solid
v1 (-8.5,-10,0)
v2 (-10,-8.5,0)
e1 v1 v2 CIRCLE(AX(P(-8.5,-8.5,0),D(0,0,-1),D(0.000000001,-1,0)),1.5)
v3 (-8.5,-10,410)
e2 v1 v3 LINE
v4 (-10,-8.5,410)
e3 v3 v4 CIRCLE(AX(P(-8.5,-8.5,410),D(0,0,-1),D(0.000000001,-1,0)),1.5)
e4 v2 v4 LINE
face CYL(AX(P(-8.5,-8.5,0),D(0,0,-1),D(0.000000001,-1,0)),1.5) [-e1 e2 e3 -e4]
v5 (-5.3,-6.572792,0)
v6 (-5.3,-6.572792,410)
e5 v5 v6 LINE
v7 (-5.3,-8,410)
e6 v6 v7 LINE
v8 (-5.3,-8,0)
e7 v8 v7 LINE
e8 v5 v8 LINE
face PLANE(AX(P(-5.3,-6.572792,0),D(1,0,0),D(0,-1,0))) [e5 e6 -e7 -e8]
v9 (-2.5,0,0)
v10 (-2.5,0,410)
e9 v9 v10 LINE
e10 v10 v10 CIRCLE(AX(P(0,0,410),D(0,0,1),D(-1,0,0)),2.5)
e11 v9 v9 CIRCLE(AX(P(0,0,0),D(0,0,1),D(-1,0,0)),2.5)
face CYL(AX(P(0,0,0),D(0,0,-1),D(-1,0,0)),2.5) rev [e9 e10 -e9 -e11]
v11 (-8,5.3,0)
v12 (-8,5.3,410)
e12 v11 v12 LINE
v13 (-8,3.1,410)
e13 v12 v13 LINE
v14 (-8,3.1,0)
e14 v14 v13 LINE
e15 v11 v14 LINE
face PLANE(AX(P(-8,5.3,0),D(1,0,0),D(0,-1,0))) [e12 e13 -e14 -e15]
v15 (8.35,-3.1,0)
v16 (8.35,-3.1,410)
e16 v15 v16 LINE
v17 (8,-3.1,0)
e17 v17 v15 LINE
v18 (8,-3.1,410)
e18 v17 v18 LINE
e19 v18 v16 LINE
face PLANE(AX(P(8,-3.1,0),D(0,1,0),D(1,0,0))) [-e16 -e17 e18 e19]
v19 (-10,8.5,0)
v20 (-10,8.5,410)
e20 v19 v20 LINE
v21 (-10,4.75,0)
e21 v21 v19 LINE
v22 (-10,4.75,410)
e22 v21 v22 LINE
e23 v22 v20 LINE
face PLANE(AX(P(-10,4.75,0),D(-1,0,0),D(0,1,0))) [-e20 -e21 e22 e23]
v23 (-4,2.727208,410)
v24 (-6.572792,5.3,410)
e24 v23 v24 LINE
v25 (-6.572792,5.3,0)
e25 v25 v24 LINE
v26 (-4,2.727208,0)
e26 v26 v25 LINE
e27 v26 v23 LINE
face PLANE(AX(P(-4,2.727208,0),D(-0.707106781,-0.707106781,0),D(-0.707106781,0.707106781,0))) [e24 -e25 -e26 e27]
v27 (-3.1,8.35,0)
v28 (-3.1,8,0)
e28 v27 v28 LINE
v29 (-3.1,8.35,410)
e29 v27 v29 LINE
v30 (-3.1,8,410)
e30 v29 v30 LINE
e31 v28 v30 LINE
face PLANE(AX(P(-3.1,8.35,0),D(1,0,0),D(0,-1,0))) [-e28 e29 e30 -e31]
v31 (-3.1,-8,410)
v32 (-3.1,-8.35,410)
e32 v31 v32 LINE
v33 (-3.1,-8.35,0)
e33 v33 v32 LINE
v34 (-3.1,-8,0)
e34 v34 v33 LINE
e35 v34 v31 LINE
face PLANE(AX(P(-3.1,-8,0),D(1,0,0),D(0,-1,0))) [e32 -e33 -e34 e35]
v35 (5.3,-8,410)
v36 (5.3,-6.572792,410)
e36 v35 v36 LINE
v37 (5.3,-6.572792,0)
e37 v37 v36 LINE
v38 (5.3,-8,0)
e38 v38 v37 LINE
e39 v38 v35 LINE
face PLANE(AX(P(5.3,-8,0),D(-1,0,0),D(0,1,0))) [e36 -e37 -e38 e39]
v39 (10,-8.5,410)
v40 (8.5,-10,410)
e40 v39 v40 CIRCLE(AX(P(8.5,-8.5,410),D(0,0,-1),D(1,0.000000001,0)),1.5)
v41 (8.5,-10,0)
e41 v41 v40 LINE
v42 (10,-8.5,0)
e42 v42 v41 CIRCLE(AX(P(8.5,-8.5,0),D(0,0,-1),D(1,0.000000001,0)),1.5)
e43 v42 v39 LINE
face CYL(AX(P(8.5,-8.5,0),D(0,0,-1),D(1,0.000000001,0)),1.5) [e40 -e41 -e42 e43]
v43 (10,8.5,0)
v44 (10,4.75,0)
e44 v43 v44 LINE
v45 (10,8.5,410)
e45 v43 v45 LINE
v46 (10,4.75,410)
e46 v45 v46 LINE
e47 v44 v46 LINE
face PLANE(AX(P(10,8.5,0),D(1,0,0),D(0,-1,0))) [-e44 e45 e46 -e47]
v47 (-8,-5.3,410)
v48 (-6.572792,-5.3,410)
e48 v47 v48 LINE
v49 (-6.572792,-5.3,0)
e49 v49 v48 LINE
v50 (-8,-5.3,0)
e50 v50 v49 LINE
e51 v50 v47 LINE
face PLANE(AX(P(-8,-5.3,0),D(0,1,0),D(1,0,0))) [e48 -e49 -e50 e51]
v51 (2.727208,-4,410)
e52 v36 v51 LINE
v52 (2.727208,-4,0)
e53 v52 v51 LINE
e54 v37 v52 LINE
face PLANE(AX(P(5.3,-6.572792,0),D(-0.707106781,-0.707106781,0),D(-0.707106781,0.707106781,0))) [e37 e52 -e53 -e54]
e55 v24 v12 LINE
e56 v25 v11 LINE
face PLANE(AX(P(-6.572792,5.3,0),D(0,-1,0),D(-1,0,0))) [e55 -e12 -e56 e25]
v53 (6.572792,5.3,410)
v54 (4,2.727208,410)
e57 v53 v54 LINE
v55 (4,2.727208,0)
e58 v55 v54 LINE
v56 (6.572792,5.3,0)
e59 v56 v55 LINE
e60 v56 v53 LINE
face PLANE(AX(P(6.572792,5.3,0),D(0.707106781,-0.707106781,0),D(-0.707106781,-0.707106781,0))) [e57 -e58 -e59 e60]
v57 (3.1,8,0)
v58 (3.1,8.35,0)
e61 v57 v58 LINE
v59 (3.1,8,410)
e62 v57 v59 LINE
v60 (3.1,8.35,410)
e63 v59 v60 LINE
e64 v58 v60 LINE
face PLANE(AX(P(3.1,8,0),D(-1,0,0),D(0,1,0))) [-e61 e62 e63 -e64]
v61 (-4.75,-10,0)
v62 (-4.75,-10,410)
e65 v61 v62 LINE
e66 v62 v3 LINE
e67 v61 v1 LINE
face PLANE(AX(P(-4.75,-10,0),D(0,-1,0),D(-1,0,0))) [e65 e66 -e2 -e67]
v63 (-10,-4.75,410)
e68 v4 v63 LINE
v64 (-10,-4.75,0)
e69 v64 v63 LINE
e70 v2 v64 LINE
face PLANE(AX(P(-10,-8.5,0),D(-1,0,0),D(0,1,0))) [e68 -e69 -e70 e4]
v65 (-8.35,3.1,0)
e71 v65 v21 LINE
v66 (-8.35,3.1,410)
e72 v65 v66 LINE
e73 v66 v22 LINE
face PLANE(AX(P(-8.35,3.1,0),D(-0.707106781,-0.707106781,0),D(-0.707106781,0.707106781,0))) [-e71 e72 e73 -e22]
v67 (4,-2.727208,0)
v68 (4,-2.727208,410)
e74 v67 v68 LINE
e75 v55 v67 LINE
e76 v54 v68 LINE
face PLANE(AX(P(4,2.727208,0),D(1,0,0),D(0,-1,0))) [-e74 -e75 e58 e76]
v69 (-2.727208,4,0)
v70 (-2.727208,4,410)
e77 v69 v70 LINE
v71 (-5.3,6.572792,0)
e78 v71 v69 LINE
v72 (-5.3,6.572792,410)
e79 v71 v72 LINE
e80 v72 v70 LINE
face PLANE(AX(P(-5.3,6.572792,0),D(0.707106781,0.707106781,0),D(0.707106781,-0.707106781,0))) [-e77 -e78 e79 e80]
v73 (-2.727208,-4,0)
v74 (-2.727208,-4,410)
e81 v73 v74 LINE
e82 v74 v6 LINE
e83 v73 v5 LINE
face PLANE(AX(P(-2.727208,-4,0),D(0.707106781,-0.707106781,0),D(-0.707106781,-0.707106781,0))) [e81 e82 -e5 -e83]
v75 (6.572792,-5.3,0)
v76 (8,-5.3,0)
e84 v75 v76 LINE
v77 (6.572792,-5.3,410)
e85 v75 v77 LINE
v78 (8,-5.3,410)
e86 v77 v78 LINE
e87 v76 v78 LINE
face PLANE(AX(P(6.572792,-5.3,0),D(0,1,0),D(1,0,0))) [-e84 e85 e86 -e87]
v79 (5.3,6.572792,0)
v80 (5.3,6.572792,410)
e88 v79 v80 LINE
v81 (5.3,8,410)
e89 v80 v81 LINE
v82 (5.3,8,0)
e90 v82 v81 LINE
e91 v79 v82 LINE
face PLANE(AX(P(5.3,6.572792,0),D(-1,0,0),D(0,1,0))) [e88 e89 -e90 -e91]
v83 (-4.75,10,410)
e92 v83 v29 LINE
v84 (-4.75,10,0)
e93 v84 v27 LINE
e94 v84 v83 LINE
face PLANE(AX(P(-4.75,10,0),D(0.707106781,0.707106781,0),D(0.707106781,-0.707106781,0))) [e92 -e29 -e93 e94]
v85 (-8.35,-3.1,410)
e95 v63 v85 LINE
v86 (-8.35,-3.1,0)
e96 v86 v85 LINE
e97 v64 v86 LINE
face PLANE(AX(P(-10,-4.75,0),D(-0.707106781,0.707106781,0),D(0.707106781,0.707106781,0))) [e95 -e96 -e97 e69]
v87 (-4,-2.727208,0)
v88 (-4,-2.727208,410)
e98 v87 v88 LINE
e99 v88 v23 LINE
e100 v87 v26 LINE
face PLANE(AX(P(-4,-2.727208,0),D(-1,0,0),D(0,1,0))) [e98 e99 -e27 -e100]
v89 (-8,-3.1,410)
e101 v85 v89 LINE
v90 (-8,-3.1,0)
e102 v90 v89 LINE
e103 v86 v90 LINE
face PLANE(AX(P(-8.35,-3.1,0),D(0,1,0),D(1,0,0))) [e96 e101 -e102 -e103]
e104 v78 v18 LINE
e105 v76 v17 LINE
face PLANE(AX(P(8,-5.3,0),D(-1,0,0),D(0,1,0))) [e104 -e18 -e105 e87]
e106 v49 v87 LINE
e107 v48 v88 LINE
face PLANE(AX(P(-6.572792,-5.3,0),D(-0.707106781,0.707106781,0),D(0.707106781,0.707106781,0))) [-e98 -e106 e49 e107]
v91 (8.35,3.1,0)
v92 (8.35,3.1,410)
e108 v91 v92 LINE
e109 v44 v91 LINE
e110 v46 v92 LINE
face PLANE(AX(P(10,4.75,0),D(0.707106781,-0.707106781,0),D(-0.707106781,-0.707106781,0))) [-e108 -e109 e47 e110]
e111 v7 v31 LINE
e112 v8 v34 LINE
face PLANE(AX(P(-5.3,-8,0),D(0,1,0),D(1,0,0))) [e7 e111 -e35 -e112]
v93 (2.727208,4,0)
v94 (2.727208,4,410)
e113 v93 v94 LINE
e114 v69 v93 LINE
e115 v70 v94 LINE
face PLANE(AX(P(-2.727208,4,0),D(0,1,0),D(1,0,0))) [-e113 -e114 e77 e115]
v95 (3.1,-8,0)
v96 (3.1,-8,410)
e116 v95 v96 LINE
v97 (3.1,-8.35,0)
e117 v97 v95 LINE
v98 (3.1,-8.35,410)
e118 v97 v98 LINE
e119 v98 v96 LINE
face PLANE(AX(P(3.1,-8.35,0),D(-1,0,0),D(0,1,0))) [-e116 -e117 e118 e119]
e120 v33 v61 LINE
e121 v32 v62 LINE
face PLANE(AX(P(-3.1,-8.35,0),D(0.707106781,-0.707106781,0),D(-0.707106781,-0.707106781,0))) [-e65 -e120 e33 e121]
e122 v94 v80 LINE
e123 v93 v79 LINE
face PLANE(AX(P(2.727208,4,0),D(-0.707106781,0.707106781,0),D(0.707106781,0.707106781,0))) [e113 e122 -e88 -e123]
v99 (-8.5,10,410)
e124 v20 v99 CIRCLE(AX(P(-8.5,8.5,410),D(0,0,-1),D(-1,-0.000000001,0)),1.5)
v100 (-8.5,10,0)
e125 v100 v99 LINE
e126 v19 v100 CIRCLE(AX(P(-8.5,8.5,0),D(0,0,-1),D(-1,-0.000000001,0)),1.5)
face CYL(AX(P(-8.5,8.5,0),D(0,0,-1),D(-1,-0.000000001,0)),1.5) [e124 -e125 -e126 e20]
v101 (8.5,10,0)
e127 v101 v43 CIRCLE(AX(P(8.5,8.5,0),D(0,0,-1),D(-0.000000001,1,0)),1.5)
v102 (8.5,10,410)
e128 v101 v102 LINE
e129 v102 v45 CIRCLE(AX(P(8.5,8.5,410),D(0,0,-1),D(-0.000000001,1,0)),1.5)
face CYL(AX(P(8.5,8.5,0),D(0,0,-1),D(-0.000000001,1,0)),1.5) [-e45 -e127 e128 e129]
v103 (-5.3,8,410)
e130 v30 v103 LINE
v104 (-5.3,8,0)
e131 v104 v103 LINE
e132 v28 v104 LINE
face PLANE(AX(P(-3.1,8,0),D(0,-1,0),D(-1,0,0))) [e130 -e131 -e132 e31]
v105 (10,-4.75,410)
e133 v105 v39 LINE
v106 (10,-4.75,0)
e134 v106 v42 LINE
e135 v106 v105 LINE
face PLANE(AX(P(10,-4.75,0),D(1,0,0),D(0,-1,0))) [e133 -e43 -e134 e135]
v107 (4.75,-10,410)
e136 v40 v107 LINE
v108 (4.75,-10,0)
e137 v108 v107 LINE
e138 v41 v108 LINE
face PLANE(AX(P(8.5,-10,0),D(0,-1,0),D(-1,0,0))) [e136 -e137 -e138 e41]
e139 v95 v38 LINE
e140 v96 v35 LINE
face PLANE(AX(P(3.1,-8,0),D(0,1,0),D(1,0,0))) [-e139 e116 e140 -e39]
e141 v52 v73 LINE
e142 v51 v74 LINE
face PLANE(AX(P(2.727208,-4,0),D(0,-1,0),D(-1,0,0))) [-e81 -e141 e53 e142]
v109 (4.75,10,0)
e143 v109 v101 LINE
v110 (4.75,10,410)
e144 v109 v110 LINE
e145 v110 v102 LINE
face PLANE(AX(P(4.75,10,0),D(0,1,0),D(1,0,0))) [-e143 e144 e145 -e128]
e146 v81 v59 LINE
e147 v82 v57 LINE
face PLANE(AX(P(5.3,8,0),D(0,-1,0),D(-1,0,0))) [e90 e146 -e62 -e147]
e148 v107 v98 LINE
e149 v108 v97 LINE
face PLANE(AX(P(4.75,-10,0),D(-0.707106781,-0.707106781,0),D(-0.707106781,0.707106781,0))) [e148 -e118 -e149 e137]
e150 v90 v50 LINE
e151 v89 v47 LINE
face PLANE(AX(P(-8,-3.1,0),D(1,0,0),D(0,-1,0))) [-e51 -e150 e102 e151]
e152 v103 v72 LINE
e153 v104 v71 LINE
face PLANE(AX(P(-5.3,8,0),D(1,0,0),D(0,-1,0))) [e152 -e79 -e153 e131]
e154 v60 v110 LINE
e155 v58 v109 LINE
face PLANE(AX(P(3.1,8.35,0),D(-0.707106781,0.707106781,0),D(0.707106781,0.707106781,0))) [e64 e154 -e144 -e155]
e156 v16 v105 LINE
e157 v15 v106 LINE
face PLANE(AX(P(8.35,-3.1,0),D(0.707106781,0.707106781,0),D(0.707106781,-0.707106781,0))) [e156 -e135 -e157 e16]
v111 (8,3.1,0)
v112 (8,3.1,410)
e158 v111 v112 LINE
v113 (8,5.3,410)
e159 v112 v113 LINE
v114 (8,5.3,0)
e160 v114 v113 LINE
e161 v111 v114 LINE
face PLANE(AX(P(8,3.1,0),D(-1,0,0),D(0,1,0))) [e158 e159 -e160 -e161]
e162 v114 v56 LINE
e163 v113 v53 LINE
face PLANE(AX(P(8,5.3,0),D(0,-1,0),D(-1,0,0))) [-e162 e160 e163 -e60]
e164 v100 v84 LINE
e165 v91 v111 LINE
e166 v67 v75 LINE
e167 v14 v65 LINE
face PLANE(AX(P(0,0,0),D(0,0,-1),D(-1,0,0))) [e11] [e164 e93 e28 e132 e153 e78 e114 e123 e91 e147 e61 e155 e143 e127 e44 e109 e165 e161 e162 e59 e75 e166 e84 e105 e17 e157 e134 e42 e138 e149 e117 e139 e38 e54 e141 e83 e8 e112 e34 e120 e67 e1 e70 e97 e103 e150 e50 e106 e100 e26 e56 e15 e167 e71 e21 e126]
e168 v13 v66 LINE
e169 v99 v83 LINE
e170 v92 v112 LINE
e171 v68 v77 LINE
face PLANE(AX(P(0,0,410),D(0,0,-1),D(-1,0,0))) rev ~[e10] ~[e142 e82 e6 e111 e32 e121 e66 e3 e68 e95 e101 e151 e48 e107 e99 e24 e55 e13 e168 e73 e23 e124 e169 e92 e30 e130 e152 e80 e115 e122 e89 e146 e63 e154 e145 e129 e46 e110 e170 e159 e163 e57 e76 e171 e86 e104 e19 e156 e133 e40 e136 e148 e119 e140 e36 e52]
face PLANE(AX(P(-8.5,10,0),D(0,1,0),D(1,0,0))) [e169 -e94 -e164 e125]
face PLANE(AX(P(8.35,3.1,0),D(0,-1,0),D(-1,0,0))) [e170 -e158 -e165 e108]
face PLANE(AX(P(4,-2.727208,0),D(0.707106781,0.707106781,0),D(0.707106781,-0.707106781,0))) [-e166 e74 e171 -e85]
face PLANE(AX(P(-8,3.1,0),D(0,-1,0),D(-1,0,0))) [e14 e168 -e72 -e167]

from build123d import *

# Parameters (mm, degrees)
SKETCH2_R           = 2.5
BOSS_EXTRUDE1_DEPTH = 410


with BuildPart() as part:
    # Sketch2 → Boss-Extrude1 (new body)
    with BuildSketch(Plane.XY):
        with BuildLine():
            Line((-4, -2.727207794), (-4, 2.727207794))
            Line((-4, 2.727207794), (-6.572792206, 5.3))
            Line((-6.572792206, 5.3), (-8, 5.3))
            Line((-8, 5.3), (-8, 3.1))
            Line((-8, 3.1), (-8.35, 3.1))
            Line((-8.35, 3.1), (-10, 4.75))
            Line((-10, 4.75), (-10, 8.5))
            ThreePointArc((-10, 8.5), (-9.560660172, 9.560660172), (-8.5, 10))
            Line((-8.5, 10), (-4.75, 10))
            Line((-4.75, 10), (-3.1, 8.35))
            Line((-3.1, 8.35), (-3.1, 8))
            Line((-3.1, 8), (-5.3, 8))
            Line((-5.3, 8), (-5.3, 6.572792206))
            Line((-5.3, 6.572792206), (-2.727207794, 4))
            Line((-2.727207794, 4), (2.727207794, 4))
            Line((2.727207794, 4), (5.3, 6.572792206))
            Line((5.3, 6.572792206), (5.3, 8))
            Line((5.3, 8), (3.1, 8))
            Line((3.1, 8), (3.1, 8.35))
            Line((3.1, 8.35), (4.75, 10))
            Line((4.75, 10), (8.5, 10))
            ThreePointArc((8.5, 10), (9.560660172, 9.560660172), (10, 8.5))
            Line((10, 8.5), (10, 4.75))
            Line((10, 4.75), (8.35, 3.1))
            Line((8.35, 3.1), (8, 3.1))
            Line((8, 3.1), (8, 5.3))
            Line((8, 5.3), (6.572792206, 5.3))
            Line((6.572792206, 5.3), (4, 2.727207794))
            Line((4, 2.727207794), (4, -2.727207794))
            Line((4, -2.727207794), (6.572792206, -5.3))
            Line((6.572792206, -5.3), (8, -5.3))
            Line((8, -5.3), (8, -3.1))
            Line((8, -3.1), (8.35, -3.1))
            Line((8.35, -3.1), (10, -4.75))
            Line((10, -4.75), (10, -8.5))
            ThreePointArc((10, -8.5), (9.560660172, -9.560660172), (8.5, -10))
            Line((8.5, -10), (4.75, -10))
            Line((4.75, -10), (3.1, -8.35))
            Line((3.1, -8.35), (3.1, -8))
            Line((3.1, -8), (5.3, -8))
            Line((5.3, -8), (5.3, -6.572792206))
            Line((5.3, -6.572792206), (2.727207794, -4))
            Line((2.727207794, -4), (-2.727207794, -4))
            Line((-2.727207794, -4), (-5.3, -6.572792206))
            Line((-5.3, -6.572792206), (-5.3, -8))
            Line((-5.3, -8), (-3.1, -8))
            Line((-3.1, -8), (-3.1, -8.35))
            Line((-3.1, -8.35), (-4.75, -10))
            Line((-4.75, -10), (-8.5, -10))
            ThreePointArc((-8.5, -10), (-9.560660172, -9.560660172), (-10, -8.5))
            Line((-10, -8.5), (-10, -4.75))
            Line((-10, -4.75), (-8.35, -3.1))
            Line((-8.35, -3.1), (-8, -3.1))
            Line((-8, -3.1), (-8, -5.3))
            Line((-8, -5.3), (-6.572792206, -5.3))
            Line((-6.572792206, -5.3), (-4, -2.727207794))
        make_face()
        Circle(SKETCH2_R, mode=Mode.SUBTRACT)
    extrude(amount=BOSS_EXTRUDE1_DEPTH)


solid = part.part
